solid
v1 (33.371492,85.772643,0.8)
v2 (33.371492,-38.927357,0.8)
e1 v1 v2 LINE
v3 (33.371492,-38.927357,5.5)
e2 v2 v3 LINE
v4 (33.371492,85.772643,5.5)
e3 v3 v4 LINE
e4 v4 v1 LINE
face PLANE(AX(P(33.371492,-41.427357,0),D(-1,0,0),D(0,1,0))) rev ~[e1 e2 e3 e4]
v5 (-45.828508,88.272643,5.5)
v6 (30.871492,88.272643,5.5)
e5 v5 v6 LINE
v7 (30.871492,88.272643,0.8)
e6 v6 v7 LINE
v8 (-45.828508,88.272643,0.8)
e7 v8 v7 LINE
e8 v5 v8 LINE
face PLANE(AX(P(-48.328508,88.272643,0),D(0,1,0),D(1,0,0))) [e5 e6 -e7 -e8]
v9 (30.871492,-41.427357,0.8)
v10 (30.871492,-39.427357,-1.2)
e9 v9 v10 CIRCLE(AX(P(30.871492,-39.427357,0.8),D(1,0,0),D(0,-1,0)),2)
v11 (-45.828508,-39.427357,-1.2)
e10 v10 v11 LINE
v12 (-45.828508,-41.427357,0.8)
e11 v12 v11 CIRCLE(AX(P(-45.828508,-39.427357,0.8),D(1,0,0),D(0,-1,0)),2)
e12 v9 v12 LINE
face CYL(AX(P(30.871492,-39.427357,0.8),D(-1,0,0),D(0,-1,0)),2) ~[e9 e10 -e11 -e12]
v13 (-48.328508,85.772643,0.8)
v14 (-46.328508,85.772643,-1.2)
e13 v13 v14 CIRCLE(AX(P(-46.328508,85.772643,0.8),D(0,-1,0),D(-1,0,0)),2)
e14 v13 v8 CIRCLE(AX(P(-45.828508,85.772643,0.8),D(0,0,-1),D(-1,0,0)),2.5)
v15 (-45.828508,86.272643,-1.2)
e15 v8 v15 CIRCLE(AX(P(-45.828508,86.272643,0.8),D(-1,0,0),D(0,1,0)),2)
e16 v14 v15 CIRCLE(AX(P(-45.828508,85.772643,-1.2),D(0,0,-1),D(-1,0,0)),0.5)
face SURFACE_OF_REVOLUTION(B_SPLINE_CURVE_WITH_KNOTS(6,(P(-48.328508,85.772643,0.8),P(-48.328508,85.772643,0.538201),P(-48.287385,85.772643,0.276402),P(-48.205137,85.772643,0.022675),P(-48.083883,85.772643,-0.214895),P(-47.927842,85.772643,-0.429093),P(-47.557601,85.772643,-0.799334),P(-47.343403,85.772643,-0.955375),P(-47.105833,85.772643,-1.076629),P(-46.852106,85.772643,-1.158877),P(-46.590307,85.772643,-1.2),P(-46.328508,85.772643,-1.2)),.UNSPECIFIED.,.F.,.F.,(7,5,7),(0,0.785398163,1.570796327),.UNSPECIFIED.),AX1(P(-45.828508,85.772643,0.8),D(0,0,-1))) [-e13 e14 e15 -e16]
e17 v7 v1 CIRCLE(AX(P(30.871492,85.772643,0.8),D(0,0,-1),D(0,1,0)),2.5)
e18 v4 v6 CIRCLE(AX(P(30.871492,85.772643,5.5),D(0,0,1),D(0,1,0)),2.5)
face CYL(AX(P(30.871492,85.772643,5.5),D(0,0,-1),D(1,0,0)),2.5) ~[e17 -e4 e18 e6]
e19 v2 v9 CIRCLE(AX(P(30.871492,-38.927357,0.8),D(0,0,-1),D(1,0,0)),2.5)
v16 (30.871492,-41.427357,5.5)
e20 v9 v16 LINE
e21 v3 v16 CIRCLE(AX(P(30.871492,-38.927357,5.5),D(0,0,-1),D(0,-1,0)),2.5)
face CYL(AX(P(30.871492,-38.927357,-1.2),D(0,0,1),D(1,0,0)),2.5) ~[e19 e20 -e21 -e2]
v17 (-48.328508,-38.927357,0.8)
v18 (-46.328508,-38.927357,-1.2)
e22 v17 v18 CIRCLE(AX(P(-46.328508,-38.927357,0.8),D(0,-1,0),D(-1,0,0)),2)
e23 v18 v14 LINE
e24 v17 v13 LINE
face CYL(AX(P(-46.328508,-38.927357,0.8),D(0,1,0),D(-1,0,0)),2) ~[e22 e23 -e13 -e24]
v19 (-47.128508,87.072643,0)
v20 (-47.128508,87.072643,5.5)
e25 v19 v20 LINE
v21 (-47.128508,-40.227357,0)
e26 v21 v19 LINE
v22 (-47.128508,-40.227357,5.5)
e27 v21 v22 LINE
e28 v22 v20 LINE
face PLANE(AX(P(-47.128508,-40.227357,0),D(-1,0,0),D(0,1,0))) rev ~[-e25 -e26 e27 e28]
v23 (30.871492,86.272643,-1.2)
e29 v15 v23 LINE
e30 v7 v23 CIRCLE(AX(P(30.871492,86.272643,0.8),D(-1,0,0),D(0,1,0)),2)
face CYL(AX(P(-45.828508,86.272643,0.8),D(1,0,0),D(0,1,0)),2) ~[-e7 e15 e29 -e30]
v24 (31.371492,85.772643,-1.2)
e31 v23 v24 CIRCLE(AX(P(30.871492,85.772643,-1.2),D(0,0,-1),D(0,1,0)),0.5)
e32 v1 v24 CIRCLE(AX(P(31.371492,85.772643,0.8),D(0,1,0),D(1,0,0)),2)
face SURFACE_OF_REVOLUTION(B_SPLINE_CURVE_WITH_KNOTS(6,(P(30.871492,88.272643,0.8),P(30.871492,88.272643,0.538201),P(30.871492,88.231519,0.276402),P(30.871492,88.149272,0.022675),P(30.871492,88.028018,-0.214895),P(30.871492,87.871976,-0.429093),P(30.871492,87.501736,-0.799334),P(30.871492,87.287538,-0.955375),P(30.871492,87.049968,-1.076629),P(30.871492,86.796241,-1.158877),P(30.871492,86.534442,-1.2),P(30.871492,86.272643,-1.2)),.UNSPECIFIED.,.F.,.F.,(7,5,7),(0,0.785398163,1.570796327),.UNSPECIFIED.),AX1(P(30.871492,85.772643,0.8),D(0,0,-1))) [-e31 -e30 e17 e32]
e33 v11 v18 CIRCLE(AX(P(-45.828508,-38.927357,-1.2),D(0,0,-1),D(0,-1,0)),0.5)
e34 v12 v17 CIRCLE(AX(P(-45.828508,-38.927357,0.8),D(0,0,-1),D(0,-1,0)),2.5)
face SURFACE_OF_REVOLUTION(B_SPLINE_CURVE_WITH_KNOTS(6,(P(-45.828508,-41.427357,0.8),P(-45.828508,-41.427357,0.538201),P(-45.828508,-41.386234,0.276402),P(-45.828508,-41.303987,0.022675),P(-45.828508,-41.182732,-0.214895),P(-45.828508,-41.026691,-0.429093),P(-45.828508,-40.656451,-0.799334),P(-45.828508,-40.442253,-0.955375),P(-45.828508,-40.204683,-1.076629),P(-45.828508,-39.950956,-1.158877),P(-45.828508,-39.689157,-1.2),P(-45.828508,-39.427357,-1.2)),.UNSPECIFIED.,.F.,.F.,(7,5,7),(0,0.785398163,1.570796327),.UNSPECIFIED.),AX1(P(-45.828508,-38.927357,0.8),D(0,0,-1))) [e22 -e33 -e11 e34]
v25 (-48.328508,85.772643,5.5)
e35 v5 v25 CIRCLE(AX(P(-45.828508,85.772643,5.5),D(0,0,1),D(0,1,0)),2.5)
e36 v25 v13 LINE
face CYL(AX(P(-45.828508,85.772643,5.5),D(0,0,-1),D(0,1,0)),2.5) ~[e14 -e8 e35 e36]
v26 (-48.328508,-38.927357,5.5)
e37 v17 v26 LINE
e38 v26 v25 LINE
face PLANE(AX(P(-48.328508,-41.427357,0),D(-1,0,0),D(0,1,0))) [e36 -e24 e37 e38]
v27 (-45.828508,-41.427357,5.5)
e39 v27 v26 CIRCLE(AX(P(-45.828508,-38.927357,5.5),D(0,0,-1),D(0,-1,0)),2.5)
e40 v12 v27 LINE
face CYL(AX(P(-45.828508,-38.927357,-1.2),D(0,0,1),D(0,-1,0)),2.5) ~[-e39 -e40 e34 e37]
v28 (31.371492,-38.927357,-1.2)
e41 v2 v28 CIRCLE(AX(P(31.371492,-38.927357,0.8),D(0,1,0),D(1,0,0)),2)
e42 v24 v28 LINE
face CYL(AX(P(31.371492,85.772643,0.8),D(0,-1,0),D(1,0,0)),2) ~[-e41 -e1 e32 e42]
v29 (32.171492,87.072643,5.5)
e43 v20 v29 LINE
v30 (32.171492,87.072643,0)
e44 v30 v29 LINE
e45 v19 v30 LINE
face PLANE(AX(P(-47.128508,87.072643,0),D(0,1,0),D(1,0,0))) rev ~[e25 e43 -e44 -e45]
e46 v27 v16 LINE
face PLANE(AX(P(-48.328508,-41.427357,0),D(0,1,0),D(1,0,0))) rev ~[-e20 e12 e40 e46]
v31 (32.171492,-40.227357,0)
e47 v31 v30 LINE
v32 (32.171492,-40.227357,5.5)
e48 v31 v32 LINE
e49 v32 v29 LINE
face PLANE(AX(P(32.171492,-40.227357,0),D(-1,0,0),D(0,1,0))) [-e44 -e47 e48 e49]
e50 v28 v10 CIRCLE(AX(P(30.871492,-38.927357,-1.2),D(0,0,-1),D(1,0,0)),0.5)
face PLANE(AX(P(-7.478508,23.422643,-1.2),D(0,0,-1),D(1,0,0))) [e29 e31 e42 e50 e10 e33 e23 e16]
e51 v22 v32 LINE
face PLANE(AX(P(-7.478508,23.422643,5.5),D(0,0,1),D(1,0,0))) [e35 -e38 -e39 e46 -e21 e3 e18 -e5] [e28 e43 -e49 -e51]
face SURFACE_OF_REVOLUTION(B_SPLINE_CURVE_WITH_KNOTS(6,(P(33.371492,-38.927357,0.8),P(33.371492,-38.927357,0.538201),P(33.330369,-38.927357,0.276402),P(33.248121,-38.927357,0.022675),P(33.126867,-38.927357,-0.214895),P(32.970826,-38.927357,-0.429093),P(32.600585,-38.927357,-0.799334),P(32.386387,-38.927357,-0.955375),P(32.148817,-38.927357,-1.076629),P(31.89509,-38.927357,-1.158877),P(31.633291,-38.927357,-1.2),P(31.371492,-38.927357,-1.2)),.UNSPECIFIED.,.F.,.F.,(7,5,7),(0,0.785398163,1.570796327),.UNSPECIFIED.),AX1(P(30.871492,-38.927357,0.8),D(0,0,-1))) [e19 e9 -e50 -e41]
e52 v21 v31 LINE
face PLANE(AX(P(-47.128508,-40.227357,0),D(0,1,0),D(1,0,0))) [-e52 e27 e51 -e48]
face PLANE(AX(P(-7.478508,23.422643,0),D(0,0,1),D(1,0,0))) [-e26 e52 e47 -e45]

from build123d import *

# Parameters (mm, degrees)
F0_W        = 81.7
F0_H        = 129.7
F0_W_2      = 79.3
F0_H_2      = 127.3
F1_DEPTH    = 5.5
F1_FACE_W   = 81.7
F1_FACE_H   = 129.7
F1_FACE_W_2 = 79.3
F1_FACE_H_2 = 127.3
F2_DEPTH    = 1.2
F3_R        = 2.5
F4_R        = 2


with BuildPart() as f1:
    # F0 (on Top) → F1 (new body)
    with BuildSketch(Plane.XY):
        with Locations((-7.4785080035, 23.4226425927)):
            Rectangle(F0_W, F0_H)
        with Locations((-7.4785080035, 23.4226425927)):
            Rectangle(F0_W_2, F0_H_2, mode=Mode.SUBTRACT)
    extrude(amount=F1_DEPTH)

    # F0 (on Top) + F1_face (on face) → F2 (join)
    with BuildSketch(Plane.XY):
        with Locations((-7.4785080035, 23.4226425927)):
            Rectangle(F0_W_2, F0_H_2)
    with BuildSketch(Plane(origin=(-7.4785080035, 23.4226425927, 0), x_dir=(1, 0, 0), z_dir=(0, 0, -1))):
        Rectangle(F1_FACE_W, F1_FACE_H)
        Rectangle(F1_FACE_W_2, F1_FACE_H_2, mode=Mode.SUBTRACT)
    extrude(amount=-F2_DEPTH, dir=(0, 0, 1))

    # F3
    f3_edges = [f1.edges().sort_by_distance(p)[0] for p in [
        (-48.328508, 88.272643, 2.15),
        (-48.328508, -41.427357, 2.15),
        (33.371492, -41.427357, 2.15),
        (33.371492, 88.272643, 2.15),
    ]]
    fillet(f3_edges, radius=F3_R)

    # F4
    f4_edges = [f1.edges().sort_by_distance(p)[0] for p in [
        (-7.478508, 88.272643, -1.2),
        (-47.596275, 87.54041, -1.2),
        (32.639259, 87.54041, -1.2),
        (-48.328508, 23.422643, -1.2),
        (33.371492, 23.422643, -1.2),
        (-47.596275, -40.695124, -1.2),
        (32.639259, -40.695124, -1.2),
        (-7.478508, -41.427357, -1.2),
    ]]
    fillet(f4_edges, radius=F4_R)


solid = f1.part
